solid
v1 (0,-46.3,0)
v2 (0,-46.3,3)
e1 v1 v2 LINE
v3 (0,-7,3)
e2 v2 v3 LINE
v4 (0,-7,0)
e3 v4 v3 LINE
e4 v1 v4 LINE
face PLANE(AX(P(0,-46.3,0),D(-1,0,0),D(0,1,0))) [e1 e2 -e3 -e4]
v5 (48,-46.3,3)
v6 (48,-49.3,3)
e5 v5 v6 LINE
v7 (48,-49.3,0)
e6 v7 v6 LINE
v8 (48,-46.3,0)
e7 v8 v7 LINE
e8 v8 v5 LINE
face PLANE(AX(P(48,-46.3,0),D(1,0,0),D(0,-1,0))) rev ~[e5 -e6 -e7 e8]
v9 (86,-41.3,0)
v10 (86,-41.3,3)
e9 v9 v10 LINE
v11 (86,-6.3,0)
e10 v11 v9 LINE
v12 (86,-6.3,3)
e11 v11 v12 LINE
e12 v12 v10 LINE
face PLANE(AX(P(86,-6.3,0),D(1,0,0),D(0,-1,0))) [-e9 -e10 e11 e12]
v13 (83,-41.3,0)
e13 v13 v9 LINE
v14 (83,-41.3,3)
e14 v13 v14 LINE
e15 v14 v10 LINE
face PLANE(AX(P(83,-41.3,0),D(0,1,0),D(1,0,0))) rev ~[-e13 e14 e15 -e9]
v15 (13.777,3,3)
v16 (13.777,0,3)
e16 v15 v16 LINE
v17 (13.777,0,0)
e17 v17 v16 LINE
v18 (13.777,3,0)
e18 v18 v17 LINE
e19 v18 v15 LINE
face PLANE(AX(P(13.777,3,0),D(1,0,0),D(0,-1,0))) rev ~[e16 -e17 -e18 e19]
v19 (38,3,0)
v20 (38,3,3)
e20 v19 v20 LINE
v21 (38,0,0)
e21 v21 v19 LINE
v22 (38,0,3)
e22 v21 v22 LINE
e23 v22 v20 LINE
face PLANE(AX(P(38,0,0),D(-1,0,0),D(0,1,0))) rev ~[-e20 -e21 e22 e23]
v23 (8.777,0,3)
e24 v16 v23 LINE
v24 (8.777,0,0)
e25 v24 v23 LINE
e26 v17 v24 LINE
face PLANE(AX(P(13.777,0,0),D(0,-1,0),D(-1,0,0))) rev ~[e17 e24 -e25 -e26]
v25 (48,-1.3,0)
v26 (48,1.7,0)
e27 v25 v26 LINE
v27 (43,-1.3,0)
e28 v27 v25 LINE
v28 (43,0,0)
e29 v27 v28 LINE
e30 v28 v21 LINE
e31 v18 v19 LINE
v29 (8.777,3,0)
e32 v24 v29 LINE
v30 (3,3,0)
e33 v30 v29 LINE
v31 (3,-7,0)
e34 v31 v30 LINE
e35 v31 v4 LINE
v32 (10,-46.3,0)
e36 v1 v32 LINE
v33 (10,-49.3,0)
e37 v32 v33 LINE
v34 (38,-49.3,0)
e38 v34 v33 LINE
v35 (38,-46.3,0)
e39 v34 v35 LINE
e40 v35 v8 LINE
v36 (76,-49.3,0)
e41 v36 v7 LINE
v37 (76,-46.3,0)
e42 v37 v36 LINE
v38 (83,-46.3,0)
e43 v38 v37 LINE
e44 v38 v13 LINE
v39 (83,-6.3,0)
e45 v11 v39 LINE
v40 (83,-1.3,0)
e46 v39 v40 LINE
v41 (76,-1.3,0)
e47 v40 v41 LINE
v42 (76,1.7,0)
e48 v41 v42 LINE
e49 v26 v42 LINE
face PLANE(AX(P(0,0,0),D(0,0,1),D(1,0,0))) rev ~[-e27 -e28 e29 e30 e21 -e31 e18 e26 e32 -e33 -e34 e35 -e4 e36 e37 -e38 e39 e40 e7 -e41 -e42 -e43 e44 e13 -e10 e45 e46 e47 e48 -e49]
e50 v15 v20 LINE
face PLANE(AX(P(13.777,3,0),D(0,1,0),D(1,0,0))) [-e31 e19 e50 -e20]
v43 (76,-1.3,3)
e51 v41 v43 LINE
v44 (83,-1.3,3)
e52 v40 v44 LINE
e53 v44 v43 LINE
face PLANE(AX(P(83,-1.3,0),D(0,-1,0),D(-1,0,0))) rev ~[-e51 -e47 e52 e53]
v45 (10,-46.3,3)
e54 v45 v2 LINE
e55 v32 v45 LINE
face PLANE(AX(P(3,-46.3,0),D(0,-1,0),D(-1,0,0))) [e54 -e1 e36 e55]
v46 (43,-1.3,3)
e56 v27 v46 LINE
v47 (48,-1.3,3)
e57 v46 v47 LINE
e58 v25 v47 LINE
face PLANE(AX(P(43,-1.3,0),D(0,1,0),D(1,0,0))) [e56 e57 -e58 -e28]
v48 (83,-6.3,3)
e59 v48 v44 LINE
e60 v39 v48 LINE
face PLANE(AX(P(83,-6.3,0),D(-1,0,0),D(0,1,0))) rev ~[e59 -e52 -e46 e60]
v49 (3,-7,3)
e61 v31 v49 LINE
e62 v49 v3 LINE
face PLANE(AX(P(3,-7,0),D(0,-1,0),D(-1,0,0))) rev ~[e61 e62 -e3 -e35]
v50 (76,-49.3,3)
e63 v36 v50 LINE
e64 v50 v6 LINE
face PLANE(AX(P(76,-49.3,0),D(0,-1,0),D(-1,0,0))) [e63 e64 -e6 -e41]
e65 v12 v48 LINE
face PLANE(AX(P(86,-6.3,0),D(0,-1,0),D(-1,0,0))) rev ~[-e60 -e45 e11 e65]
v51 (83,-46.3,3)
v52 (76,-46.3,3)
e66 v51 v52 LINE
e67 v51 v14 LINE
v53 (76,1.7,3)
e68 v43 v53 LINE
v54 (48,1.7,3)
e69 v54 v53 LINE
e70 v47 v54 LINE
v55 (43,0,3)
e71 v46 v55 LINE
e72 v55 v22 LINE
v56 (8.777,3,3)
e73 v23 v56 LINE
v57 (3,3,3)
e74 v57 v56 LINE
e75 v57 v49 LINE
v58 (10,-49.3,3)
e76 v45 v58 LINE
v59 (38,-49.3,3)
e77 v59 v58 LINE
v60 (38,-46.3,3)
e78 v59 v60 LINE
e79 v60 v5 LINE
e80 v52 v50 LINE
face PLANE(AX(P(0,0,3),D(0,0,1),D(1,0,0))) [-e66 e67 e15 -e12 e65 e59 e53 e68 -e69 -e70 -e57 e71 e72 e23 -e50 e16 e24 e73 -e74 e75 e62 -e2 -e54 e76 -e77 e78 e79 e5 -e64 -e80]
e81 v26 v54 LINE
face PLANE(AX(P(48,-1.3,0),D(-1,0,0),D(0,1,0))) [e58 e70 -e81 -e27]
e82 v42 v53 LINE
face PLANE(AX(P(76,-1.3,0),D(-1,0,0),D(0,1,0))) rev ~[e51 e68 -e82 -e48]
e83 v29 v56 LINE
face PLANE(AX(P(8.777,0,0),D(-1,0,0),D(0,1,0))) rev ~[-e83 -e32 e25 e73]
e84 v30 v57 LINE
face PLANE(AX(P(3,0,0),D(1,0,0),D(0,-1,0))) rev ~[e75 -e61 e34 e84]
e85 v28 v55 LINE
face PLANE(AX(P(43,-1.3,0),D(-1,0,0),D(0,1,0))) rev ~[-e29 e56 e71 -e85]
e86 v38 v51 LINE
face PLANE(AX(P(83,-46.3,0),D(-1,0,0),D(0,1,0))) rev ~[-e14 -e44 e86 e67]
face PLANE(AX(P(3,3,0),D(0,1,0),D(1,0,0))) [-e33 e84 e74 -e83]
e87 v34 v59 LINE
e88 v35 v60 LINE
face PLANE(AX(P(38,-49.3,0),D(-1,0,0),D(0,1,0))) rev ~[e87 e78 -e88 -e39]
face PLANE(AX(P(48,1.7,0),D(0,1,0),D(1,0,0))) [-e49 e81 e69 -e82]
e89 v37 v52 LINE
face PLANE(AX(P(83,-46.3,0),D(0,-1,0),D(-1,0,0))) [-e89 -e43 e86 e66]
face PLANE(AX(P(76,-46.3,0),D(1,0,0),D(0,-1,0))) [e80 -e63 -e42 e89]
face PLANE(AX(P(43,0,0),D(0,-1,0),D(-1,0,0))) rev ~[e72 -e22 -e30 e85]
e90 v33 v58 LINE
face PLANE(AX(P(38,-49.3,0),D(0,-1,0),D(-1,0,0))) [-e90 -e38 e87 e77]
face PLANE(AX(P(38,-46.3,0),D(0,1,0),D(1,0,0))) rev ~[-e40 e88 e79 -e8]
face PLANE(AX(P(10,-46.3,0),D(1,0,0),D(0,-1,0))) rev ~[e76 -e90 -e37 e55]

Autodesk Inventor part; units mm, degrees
ref_plane "YZ Plane" through (0, 0, 0) normal (1, 0, 0) x (0, 1, 0)
ref_plane "XZ Plane" through (0, 0, 0) normal (0, 1, 0) x (-1, 0, 0)
ref_plane "XY Plane" through (0, 0, 0) normal (0, 0, 1) x (1, 0, 0)
sketch "Sketch1" plane through (0, 0, 0) normal (0, 0, 1) x (1, 0, 0)
  line L0 (0, -46.3) -> (0, 3) projected
  line L1 (3, 3) -> (43, 3) projected
  line L2 (3, 3) -> (0, 3) projected
  line L3 (43, 0) -> (43, 3) projected
  line L4 (43, 1.7) -> (86, 1.7) projected
  line L5 (86, -1.3) -> (86, 1.7) projected
  line L6 (86, -1.3) -> (86, -46.3) projected
  line L7 (86, -46.3) -> (86, -49.3) projected
  line L8 (86, -49.3) -> (0, -49.3) projected
  line L9 (0, -46.3) -> (0, -49.3) projected
  line L10 (3, -46.3) -> (0, -46.3) projected
  line L11 (3, 3) -> (3, 0) projected
  line L12 (43, -1.3) -> (43, 1.7) projected
  line L13 (83, -46.3) -> (83, -1.3) projected
  line L14 (83, -46.3) -> (86, -46.3) projected
  line L15 (86, -1.3) -> (86, -46.3) projected
  line L16 (83, -1.3) -> (86, -1.3) projected
  line L17 (83, -46.3) -> (76, -46.3)
  line L18 (76, -46.3) -> (76, -49.3)
  line L19 (83, -1.3) -> (76, -1.3)
  line L20 (76, -1.3) -> (76, 1.7)
  line L21 (43, -1.3) -> (48, -1.3)
  line L22 (48, -1.3) -> (48, 1.7)
  line L23 (43, 0) -> (38, 0)
  line L24 (38, 0) -> (38, 3)
  line L25 (3, -46.3) -> (10, -46.3)
  line L26 (10, -46.3) -> (10, -49.3)
  line L27 (3, 0) -> (3, -7)
  line L28 (3, -7) -> (0, -7)
  line L29 (13.777, 0) -> (8.777, 0)
  line L30 (8.777, 0) -> (8.777, 3)
  line L31 (8.777, 3) -> (13.777, 3)
  line L32 (13.777, 3) -> (13.777, 0)
  line L33 (48, -49.3) -> (38, -49.3)
  line L34 (38, -49.3) -> (38, -46.3)
  line L35 (38, -46.3) -> (48, -46.3)
  line L36 (48, -46.3) -> (48, -49.3)
  line L37 (86, -6.3) -> (83, -6.3)
  line L38 (83, -41.3) -> (86, -41.3)
  point P0 (0, 0)
  point P1 (43, -49.3)
  dimension "d0" = 10
  dimension "d1" = 10
  dimension "d2" = 10
  dimension "d3" = 10
  dimension "d4" = 10
  dimension "d5" = 5
  dimension "d6" = 5
  dimension "d7" = 5
  dimension "d10" = 5
  dimension "d11" = 5
extrude "Extrusion1" add sketch "Sketch1" along normal blind 3 contours L0 L28 L27 L11 L1 L30 L29 L32 L24 L23 L12 L21 L22 L4 L20 L19 L13 L17 L18 L8 L36 L35 L34 L26 L25 L10 | L38 L13 L37 L6
properties part number "top" material "Acrylic, Clear"
